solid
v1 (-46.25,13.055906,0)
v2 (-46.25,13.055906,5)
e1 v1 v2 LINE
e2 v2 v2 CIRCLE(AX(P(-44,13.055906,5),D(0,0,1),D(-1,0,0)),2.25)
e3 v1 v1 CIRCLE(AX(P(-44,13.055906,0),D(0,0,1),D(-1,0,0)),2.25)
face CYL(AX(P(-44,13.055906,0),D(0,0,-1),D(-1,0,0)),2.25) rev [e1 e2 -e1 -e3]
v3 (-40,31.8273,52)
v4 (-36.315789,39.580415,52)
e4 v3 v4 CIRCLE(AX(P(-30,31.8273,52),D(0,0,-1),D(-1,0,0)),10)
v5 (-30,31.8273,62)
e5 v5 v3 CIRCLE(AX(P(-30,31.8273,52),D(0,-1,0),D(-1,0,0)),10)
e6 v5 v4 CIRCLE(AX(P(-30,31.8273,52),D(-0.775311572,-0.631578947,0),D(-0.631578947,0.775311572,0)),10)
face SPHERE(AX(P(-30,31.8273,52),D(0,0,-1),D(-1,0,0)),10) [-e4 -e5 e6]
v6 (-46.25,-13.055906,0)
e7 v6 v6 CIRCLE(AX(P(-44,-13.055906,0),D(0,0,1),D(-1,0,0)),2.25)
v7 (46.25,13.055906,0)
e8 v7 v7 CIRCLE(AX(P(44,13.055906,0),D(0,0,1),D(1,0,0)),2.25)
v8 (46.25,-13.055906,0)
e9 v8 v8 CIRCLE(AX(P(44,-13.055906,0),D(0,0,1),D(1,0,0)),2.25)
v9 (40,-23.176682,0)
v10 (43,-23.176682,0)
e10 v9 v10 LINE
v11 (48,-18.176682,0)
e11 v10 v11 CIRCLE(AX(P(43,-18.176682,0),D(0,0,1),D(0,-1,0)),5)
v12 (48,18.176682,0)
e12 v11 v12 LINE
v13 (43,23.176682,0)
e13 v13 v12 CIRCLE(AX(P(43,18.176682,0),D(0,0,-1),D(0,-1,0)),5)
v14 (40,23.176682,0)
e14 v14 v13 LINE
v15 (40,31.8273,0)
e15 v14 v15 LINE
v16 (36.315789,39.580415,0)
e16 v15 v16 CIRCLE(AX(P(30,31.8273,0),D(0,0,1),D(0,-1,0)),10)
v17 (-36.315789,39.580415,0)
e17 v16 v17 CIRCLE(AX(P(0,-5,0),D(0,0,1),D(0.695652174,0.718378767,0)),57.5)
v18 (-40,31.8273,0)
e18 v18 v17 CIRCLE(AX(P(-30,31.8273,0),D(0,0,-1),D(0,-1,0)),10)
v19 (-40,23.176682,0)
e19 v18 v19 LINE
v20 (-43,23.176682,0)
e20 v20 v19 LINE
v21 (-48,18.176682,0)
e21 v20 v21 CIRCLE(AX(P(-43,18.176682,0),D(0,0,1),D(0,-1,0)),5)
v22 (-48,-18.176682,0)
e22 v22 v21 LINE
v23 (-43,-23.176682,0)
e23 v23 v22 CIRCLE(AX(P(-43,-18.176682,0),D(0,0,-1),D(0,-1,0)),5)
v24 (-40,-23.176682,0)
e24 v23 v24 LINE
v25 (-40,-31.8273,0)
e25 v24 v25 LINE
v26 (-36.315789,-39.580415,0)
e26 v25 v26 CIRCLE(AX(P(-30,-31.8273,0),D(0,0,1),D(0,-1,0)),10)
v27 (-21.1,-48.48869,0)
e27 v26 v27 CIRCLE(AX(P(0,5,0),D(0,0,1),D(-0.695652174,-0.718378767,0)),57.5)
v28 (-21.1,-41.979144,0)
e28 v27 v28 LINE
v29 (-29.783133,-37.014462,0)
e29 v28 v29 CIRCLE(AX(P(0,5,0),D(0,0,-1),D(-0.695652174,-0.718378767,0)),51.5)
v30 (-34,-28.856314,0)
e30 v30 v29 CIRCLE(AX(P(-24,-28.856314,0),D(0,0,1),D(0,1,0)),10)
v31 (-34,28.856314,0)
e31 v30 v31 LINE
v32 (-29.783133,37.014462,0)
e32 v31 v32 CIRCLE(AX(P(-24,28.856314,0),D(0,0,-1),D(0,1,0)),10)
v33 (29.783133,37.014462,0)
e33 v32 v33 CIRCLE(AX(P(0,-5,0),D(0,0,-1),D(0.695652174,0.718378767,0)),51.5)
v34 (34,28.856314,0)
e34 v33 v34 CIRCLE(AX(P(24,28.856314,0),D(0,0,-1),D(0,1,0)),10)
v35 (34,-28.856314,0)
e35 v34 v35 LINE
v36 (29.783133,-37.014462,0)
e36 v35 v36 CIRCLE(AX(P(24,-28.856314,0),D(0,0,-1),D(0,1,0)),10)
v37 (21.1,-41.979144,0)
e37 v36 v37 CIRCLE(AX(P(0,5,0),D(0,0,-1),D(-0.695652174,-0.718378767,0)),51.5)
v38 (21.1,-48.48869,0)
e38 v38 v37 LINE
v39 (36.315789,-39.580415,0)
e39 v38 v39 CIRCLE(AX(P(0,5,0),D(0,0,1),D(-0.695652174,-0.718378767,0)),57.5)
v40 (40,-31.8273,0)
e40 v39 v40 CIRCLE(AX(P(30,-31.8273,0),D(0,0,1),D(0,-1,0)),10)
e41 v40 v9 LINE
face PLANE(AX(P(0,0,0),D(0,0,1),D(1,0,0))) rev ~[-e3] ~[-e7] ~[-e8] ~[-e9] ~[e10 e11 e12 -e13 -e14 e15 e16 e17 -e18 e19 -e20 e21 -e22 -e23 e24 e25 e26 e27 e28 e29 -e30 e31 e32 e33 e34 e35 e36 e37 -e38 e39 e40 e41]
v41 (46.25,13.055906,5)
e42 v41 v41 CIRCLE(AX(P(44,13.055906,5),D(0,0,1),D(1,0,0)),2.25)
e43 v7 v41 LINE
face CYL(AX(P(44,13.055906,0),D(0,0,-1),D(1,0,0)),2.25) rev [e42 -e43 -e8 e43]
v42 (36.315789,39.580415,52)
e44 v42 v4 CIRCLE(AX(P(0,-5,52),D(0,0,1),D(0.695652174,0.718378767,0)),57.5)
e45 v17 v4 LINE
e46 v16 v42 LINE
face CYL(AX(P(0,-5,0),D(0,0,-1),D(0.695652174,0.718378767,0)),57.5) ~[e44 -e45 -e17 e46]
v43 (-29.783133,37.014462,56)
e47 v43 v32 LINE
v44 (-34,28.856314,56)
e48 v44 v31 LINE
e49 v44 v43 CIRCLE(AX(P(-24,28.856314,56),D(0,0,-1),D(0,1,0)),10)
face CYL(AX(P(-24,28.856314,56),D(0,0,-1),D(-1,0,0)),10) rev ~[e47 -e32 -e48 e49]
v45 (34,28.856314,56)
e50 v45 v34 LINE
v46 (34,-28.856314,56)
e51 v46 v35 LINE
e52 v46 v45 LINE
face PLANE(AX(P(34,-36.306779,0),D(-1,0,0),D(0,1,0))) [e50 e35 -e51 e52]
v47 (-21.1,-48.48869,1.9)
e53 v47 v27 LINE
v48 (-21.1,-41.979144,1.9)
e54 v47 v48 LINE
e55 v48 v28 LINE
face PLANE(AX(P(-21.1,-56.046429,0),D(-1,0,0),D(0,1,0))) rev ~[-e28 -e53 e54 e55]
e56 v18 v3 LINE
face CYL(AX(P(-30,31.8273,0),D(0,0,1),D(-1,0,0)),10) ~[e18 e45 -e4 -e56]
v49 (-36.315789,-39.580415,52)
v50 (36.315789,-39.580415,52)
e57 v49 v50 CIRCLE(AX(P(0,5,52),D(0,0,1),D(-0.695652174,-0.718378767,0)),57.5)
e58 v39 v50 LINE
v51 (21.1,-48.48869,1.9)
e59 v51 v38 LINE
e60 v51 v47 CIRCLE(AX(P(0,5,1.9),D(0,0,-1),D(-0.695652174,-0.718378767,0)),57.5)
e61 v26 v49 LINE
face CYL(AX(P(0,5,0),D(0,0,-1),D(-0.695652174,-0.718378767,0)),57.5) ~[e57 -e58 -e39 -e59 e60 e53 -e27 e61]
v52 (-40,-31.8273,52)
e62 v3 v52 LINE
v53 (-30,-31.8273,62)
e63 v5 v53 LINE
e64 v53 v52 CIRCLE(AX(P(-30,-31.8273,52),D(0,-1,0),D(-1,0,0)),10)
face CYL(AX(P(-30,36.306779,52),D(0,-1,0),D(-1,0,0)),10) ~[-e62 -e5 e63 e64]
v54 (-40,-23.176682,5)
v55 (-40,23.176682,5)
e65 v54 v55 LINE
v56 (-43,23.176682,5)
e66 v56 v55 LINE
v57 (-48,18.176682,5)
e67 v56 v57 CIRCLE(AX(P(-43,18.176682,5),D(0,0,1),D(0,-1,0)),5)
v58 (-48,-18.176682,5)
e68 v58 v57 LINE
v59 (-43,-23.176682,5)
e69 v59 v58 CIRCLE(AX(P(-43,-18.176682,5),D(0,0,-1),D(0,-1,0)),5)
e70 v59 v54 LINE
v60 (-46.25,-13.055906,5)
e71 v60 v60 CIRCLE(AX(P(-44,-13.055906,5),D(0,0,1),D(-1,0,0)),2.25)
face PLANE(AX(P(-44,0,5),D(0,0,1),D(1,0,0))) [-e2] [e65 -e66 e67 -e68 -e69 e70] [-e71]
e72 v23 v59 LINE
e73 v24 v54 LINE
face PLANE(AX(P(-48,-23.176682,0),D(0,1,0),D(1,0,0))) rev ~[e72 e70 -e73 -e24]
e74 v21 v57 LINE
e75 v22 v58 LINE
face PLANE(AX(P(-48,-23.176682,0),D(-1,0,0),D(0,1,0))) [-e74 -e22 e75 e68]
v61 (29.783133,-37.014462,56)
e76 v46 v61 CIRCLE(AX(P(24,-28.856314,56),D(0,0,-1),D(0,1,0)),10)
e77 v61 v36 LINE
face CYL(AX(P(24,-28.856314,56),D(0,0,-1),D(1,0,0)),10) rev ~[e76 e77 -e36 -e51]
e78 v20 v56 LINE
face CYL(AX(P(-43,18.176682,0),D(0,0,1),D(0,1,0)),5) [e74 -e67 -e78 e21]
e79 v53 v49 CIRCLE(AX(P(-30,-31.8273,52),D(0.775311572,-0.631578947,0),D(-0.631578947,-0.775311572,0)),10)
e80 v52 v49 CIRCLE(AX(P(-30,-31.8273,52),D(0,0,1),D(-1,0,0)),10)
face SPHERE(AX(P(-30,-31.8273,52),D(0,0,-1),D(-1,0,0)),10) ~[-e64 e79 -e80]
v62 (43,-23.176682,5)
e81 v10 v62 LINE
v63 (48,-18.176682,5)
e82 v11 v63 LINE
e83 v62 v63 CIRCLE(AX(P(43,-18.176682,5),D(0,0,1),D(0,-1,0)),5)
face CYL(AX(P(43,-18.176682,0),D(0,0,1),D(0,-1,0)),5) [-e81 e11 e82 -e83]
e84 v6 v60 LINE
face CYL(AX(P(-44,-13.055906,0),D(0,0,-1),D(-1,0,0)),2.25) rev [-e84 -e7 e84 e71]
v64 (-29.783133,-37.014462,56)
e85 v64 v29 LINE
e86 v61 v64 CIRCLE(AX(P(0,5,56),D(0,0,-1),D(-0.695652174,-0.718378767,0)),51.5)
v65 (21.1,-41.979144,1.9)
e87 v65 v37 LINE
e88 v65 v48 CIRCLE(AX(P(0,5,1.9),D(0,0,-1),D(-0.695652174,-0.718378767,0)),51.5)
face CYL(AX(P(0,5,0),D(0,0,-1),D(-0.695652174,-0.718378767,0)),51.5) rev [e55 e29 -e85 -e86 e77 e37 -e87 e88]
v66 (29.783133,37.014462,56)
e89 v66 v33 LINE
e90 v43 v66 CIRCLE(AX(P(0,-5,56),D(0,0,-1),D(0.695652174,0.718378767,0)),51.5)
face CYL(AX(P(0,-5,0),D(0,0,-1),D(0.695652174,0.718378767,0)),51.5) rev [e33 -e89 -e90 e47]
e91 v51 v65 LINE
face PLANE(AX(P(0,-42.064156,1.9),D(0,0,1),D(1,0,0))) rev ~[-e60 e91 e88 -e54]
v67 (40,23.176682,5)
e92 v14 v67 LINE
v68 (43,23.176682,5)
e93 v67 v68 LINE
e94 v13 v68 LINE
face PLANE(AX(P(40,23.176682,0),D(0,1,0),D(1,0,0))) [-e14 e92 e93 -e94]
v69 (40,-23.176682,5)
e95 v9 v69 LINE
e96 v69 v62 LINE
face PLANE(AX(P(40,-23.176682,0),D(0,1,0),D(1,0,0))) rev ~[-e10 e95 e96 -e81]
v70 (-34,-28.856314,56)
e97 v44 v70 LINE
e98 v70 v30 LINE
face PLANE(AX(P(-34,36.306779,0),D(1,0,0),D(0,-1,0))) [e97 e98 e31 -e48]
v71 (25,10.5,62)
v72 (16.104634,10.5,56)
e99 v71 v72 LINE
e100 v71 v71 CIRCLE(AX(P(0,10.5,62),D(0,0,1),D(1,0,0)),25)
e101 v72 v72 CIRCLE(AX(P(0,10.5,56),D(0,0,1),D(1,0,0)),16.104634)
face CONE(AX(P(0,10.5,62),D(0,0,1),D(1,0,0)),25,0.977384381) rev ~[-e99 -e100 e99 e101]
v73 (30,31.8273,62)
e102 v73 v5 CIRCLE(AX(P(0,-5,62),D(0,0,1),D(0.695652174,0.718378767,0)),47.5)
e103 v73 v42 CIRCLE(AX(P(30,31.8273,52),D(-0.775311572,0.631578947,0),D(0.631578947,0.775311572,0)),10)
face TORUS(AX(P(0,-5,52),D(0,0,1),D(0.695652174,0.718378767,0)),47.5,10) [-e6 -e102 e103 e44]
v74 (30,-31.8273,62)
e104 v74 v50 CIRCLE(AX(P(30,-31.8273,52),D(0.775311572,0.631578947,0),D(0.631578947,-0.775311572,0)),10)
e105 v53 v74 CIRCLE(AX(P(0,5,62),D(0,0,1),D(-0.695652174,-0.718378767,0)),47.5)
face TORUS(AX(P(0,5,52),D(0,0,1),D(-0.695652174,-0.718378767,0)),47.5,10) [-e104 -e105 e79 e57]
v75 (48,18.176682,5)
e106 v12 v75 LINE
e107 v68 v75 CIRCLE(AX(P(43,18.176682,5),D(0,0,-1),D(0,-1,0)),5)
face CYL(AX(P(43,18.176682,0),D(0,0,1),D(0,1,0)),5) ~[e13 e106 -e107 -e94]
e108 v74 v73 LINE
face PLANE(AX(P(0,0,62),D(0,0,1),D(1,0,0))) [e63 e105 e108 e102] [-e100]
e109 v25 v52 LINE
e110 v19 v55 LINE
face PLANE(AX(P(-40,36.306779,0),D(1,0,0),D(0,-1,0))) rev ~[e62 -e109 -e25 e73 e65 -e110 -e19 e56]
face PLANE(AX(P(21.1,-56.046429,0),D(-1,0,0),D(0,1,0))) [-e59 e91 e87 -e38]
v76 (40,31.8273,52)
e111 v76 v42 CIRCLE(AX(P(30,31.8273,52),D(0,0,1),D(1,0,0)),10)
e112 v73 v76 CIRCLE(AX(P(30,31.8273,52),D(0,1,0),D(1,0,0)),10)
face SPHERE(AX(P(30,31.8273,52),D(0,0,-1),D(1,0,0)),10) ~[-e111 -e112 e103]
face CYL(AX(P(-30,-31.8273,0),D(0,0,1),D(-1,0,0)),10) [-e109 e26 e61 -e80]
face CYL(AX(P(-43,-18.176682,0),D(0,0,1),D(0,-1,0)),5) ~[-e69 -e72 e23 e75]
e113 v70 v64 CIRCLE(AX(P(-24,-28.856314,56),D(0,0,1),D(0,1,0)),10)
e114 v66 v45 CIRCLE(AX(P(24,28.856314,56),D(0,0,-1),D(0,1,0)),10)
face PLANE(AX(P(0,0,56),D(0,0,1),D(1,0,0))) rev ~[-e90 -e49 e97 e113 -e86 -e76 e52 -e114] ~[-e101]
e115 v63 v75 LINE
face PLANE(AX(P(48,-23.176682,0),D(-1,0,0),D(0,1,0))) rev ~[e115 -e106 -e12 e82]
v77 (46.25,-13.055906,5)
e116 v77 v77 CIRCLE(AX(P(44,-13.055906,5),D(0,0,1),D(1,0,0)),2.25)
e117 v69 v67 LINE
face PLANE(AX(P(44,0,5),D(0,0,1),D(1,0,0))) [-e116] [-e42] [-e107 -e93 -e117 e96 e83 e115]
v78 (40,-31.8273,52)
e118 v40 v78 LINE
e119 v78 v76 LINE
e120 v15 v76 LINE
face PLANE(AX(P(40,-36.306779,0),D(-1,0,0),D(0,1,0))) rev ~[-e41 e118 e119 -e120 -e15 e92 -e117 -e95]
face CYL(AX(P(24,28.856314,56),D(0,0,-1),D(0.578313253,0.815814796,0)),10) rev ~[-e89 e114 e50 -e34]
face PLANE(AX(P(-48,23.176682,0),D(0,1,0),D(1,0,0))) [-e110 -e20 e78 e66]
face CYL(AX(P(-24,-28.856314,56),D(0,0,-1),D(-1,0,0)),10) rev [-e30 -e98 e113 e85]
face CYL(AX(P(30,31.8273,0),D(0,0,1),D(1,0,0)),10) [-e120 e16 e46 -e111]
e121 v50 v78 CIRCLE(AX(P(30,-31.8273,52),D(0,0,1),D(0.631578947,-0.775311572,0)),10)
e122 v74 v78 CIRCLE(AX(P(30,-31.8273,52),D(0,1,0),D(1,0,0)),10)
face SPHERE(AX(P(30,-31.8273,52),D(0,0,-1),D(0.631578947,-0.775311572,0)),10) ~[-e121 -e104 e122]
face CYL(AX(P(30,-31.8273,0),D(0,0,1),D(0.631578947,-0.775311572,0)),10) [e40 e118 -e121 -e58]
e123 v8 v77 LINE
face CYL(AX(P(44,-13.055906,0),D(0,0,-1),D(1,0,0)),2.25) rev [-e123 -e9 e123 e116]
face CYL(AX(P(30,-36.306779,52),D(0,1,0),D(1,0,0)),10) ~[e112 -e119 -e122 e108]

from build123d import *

# Parameters (mm, degrees)
BOSS_EXTRUDE1_DEPTH = 62
SHELL1_T            = -6
FILLET2_R           = 10
FILLET3_R           = 10
SKETCH4_W           = 42.2
SKETCH4_H           = 27.964545036
CUT_EXTRUDE1_DEPTH  = 1.9
SKETCH5_R           = 25
CUT_EXTRUDE2_DEPTH  = 91.55523235
DRAFT1_ANGLE        = 56
SKETCH6_W           = 8
SKETCH6_H           = 46.353363522
SKETCH6_R           = 2.25
BOSS_EXTRUDE2_DEPTH = 5
FILLET4_R           = 5


with BuildPart() as part:
    # Sketch2 → Boss-Extrude1 (new body)
    with BuildSketch(Plane.XY):
        with BuildLine():
            Line((-40, 36.306779105), (-40, -36.306779105))
            ThreePointArc((-40, -36.306779105), (0, -52.5), (40, -36.306779105))
            Line((40, -36.306779105), (40, 36.306779105))
            ThreePointArc((40, 36.306779105), (0, 52.5), (-40, 36.306779105))
        make_face()
    extrude(amount=BOSS_EXTRUDE1_DEPTH)

    # Shell1
    shell1_openings = [part.faces().sort_by_distance(p)[0] for p in [
        (0, 0, 0),
    ]]
    offset(amount=SHELL1_T, openings=shell1_openings, kind=Kind.INTERSECTION)

    # Fillet2
    fillet2_edges = [part.edges().sort_by_distance(p)[0] for p in [
        (0, -52.5, 62),
        (40, 0, 62),
        (0, 52.5, 62),
        (40, 36.306779105, 31),
        (40, -36.306779105, 31),
        (-40, -36.306779105, 31),
        (-40, 36.306779105, 31),
        (-40, 0, 62),
    ]]
    fillet(fillet2_edges, radius=FILLET2_R)

    # Fillet3
    fillet3_edges = [part.edges().sort_by_distance(p)[0] for p in [
        (34, 33.681390875, 28),
        (-34, 33.681390875, 28),
        (-34, -33.681390875, 28),
        (34, -33.681390875, 28),
    ]]
    fillet(fillet3_edges, radius=FILLET3_R)

    # Sketch4 → Cut-Extrude1 (cut)
    with BuildSketch(Plane.XY):
        with Locations((0, -42.064156307)):
            Rectangle(SKETCH4_W, SKETCH4_H)
    extrude(amount=CUT_EXTRUDE1_DEPTH, mode=Mode.SUBTRACT)

    # Sketch5 → Cut-Extrude2 (cut, through all)
    with BuildSketch(Plane.XY.offset(62)):
        with Locations((0, 10.5)):
            Circle(SKETCH5_R)
    extrude(amount=-CUT_EXTRUDE2_DEPTH, mode=Mode.SUBTRACT)

    # Draft1
    draft1_faces = [part.faces().sort_by_distance(p)[0] for p in [
        (-25, 10.5, 59),
    ]]
    draft(draft1_faces, Plane(origin=(0, -5, 62), x_dir=(1, 0, 0), z_dir=(0, 0, 1)), DRAFT1_ANGLE)

    # Sketch6 → Boss-Extrude2 (add)
    # profile 1 of 2: a face of its own
    with BuildSketch(Plane.XY):
        with Locations((44, 0)):
            Rectangle(SKETCH6_W, SKETCH6_H)
        with Locations((44, 13.05590564)):
            Circle(SKETCH6_R, mode=Mode.SUBTRACT)
        with Locations((44, -13.05590564)):
            Circle(SKETCH6_R, mode=Mode.SUBTRACT)
    # profile 2 of 2: a face of its own
    with BuildSketch(Plane.XY):
        with Locations((-44, 0)):
            Rectangle(SKETCH6_W, SKETCH6_H)
        with Locations(Location((-44, -13.05590564, 0), (0, 0, 180))):
            Circle(SKETCH6_R, mode=Mode.SUBTRACT)
        with Locations(Location((-44, 13.05590564, 0), (0, 0, 180))):
            Circle(SKETCH6_R, mode=Mode.SUBTRACT)
    extrude(amount=BOSS_EXTRUDE2_DEPTH)

    # Fillet4
    fillet4_edges = [part.edges().sort_by_distance(p)[0] for p in [
        (48, -23.176681761, 2.5),
        (48, 23.176681761, 2.5),
        (-48, 23.176681761, 2.5),
        (-48, -23.176681761, 2.5),
    ]]
    fillet(fillet4_edges, radius=FILLET4_R)


solid = part.part
